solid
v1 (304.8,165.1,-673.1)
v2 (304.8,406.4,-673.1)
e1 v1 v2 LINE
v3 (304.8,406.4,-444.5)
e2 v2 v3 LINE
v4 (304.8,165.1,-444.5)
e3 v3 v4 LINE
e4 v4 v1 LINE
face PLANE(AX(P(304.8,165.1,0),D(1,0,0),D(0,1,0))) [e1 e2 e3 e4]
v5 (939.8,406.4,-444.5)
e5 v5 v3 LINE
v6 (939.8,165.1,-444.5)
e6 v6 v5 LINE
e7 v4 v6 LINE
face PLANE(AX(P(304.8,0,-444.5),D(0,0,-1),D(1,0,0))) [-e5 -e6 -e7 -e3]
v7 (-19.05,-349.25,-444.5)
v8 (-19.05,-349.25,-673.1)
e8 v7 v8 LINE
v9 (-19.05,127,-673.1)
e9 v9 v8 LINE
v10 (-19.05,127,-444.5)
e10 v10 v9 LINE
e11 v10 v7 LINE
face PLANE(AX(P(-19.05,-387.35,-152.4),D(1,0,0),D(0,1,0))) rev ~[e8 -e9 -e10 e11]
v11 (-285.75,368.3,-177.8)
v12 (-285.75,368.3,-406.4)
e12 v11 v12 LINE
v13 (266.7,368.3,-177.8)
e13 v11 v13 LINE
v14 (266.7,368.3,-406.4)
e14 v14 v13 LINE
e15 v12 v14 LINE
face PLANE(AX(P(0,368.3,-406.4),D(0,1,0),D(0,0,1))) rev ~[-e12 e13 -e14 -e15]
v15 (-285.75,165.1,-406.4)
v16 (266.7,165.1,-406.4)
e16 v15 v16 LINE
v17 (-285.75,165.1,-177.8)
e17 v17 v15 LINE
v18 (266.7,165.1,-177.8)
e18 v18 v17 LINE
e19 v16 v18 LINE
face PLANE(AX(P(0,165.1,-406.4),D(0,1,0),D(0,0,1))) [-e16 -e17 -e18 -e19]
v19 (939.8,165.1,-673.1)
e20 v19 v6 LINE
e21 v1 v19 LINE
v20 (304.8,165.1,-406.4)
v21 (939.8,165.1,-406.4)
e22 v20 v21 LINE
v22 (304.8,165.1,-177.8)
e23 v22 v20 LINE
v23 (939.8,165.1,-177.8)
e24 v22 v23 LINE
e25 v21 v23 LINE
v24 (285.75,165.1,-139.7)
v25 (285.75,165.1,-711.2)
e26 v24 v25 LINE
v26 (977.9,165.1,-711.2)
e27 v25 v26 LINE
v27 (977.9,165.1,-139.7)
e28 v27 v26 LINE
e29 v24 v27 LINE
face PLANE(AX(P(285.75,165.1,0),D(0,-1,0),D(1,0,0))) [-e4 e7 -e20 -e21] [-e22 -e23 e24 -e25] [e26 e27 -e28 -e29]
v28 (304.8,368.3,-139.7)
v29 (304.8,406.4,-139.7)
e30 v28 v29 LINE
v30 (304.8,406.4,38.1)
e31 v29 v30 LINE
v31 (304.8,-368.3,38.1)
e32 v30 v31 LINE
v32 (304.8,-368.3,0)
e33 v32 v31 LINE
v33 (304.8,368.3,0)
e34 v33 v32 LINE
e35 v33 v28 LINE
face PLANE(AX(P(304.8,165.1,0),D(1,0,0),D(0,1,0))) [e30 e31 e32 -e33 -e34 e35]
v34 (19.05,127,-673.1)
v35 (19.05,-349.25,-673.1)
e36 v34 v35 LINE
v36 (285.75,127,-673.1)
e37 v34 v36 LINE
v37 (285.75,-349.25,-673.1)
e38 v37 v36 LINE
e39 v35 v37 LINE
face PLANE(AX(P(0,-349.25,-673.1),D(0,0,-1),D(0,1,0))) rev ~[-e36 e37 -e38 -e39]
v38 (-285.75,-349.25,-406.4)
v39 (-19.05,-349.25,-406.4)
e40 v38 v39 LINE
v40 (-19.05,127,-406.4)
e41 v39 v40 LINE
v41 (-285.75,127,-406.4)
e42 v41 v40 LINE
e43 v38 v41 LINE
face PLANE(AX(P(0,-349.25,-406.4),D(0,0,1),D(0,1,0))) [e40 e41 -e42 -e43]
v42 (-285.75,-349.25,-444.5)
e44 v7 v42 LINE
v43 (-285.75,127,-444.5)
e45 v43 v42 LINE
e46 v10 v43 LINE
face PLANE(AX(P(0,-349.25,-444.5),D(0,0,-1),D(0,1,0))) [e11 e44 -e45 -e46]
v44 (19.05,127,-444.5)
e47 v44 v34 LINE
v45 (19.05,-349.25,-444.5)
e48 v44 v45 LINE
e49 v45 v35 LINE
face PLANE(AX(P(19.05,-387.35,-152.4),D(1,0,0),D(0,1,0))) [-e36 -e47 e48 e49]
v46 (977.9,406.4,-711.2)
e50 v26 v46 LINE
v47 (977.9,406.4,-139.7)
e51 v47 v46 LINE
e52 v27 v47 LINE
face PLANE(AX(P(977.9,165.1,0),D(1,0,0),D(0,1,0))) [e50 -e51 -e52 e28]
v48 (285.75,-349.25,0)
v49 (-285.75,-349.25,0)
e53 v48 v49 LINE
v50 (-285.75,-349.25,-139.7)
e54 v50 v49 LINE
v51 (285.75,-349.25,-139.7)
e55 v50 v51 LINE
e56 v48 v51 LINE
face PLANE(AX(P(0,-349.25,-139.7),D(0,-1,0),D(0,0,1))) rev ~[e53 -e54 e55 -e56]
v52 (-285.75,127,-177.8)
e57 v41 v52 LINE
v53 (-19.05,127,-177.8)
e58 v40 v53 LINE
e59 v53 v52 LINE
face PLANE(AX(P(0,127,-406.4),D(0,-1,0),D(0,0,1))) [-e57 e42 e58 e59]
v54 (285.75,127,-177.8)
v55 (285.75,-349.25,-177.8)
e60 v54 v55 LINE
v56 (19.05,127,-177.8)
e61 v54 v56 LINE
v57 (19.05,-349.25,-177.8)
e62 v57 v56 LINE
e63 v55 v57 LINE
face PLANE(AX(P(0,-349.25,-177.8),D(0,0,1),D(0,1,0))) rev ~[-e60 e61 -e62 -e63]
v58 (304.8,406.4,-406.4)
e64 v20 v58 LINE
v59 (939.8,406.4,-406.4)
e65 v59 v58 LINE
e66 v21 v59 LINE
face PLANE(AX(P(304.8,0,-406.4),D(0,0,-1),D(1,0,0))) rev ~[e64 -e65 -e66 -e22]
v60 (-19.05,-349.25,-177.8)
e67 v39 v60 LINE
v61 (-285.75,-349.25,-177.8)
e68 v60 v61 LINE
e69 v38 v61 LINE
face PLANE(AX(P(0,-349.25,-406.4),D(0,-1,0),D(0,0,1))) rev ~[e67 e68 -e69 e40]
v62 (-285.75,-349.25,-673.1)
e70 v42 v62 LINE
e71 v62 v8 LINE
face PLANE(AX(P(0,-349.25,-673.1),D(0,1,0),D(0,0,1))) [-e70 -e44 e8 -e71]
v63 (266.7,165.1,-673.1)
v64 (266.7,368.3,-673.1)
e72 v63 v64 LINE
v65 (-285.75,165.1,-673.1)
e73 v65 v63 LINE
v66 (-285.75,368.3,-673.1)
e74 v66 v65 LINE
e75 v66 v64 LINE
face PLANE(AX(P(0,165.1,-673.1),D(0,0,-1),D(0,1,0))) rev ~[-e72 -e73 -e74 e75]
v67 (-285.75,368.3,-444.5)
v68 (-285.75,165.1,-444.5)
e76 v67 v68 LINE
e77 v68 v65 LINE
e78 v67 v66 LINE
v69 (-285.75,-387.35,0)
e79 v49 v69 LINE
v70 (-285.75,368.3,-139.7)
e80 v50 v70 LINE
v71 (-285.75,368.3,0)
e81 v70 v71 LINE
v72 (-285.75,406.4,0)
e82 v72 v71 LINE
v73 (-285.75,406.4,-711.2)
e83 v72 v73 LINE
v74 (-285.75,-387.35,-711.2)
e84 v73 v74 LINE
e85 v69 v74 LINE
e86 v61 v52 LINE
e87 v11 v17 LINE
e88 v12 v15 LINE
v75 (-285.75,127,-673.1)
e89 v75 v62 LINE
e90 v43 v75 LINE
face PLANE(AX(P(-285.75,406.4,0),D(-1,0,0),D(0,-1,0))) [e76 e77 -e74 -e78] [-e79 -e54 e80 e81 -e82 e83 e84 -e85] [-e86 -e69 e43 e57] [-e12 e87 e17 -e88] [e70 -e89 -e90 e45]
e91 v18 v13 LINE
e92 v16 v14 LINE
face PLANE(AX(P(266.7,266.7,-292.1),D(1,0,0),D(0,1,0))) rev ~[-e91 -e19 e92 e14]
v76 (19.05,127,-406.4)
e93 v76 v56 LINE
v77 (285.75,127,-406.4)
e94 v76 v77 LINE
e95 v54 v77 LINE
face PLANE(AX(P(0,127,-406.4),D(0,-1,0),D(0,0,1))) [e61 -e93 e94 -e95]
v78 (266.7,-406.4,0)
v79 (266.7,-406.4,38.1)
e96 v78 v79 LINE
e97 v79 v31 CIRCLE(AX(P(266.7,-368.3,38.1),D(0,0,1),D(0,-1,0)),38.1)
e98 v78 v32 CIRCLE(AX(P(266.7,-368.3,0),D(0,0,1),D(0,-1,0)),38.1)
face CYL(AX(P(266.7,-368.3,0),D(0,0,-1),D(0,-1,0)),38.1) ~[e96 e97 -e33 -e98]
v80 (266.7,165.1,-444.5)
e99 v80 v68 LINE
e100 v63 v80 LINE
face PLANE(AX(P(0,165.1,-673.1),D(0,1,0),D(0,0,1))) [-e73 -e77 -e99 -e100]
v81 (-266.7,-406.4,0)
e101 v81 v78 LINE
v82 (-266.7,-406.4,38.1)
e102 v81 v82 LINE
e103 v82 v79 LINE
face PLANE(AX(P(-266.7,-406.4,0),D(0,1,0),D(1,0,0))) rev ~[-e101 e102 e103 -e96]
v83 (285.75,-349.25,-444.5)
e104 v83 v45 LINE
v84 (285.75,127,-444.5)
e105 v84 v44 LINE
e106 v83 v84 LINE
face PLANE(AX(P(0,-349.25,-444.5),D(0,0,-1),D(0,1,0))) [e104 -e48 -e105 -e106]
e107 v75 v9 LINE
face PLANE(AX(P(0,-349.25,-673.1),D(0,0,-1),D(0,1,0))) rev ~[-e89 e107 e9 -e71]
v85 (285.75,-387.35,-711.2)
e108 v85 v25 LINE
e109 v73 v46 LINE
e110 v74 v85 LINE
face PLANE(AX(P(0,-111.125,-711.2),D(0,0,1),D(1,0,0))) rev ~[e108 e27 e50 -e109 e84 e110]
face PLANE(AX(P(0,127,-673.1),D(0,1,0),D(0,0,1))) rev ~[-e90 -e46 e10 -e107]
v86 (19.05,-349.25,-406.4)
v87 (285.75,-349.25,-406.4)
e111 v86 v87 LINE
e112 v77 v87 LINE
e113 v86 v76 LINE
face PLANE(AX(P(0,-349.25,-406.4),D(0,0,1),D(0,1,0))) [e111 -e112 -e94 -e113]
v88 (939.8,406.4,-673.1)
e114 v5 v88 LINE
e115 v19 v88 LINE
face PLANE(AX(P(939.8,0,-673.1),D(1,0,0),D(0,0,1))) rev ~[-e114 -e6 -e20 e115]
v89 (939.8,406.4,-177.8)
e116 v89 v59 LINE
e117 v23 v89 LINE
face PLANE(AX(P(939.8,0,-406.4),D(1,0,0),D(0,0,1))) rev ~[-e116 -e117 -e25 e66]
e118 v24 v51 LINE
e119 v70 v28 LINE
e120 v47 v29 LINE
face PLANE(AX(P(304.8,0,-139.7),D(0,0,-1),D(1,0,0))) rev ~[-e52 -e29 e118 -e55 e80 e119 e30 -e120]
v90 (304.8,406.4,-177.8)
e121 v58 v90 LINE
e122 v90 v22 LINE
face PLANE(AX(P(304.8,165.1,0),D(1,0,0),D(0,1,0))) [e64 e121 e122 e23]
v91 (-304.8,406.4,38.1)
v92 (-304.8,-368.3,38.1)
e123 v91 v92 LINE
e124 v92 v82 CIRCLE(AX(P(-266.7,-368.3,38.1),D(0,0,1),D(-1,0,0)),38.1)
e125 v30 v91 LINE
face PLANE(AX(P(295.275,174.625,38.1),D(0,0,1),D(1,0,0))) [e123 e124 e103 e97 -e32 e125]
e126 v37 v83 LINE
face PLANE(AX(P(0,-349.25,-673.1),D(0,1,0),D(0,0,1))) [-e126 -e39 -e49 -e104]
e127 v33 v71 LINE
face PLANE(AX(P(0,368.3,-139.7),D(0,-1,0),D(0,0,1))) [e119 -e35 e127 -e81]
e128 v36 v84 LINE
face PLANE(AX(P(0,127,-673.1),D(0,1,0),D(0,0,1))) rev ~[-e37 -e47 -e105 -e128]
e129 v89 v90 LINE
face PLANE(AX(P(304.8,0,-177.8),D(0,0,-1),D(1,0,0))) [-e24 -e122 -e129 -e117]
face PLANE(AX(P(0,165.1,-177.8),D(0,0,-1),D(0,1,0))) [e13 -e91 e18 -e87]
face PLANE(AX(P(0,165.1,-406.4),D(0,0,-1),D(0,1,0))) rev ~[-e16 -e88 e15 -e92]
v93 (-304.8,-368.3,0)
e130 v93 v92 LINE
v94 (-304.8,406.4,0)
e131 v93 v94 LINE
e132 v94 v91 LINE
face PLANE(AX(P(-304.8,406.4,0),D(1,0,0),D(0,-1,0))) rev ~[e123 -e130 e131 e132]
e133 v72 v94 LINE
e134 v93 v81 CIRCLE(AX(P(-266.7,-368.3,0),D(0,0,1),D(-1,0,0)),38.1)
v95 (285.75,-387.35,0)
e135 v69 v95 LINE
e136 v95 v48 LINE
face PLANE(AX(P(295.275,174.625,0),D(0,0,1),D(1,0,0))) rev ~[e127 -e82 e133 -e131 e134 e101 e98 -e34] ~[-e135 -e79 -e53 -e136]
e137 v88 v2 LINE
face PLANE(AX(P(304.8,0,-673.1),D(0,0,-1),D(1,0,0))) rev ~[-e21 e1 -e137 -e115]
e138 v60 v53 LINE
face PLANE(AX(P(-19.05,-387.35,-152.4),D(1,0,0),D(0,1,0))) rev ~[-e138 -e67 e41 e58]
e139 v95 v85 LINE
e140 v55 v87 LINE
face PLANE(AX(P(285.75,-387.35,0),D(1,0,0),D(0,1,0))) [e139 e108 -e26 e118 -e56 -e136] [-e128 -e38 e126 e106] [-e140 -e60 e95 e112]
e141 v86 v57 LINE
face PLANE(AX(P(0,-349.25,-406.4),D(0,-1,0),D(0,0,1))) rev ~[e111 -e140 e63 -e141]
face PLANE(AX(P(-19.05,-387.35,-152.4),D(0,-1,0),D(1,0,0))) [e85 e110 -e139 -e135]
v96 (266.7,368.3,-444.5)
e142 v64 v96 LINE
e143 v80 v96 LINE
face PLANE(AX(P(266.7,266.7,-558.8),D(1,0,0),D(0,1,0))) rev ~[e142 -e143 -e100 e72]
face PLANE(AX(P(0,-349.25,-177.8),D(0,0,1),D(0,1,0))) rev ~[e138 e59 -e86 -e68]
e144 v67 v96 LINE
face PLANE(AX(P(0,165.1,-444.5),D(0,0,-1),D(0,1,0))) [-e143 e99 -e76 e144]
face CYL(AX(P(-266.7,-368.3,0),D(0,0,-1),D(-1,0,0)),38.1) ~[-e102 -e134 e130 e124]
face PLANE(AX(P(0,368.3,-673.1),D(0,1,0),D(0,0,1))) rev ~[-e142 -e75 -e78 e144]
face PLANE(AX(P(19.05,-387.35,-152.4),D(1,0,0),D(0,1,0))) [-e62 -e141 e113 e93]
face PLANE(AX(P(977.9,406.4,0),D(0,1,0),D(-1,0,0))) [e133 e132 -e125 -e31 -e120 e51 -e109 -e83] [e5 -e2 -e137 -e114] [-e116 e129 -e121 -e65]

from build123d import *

# Parameters (mm, degrees)
F1_DEPTH       = 38.1
F2_DEPTH       = 711.2
F0_W           = 654.05
F0_H           = 222.25
F3_DEPTH       = 711.2
F4_W           = 673.1
F4_H           = 139.7
F4_W_2         = 635
F4_H_2         = 228.6
F5_DEPTH       = 406.401
F0_W_2         = 19.05
F0_H_2         = 19.05
F6_DEPTH       = 38.1
F7_DEPTH       = 711.2
F8_W           = 476.25
F8_H           = 139.7
F8_W_2         = 241.3
F8_H_2         = 228.6
F9_DEPTH       = 406.4
F10_W          = 203.2
F10_H          = 228.6
F11_DEPTH      = 609.6
F11_DEPTH_BACK = 266.7
F13_START      = -152.4
F12_W          = 38.1
F12_H          = 552.45
F13_DEPTH      = 558.8


with BuildPart() as f1:
    # F0 (on Top) → F1 (new body)
    with BuildSketch(Plane.XY):
        Polygon((285.75, 184.15), (304.8, 184.15), (304.8, 406.4), (-285.75, 406.4), (-285.75, -387.35), (285.75, -387.35), (285.75, 165.1), align=None)
        with BuildLine():
            Line((-266.7, -406.4), (266.7, -406.4))
            ThreePointArc((266.7, -406.4), (293.6407683632, -395.2407683632), (304.8, -368.3))
            Line((304.8, -368.3), (304.8, 165.1))
            Line((304.8, 165.1), (285.75, 165.1))
            Line((285.75, 165.1), (285.75, -387.35))
            Line((285.75, -387.35), (-285.75, -387.35))
            Line((-285.75, -387.35), (-285.75, 406.4))
            Line((-285.75, 406.4), (-304.8, 406.4))
            Line((-304.8, 406.4), (-304.8, -368.3))
            ThreePointArc((-304.8, -368.3), (-293.6407683632, -395.2407683632), (-266.7, -406.4))
        make_face()
    extrude(amount=F1_DEPTH)



with BuildPart() as f2:
    # F0 (on Top) → F2 (new body)
    with BuildSketch(Plane.XY):
        Polygon((285.75, 184.15), (304.8, 184.15), (304.8, 406.4), (-285.75, 406.4), (-285.75, -387.35), (285.75, -387.35), (285.75, 165.1), align=None)
    extrude(amount=-F2_DEPTH)


with BuildPart() as f3:
    # F0 (on Top) → F3 (new body)
    with BuildSketch(Plane.XY):
        with Locations((631.825, 295.275)):
            Rectangle(F0_W, F0_H)
        Polygon((304.8, 184.15), (304.8, 165.1), (305.019557476, 165.1), (977.9, 165.1), (977.9, 406.4), (958.85, 406.4), (958.85, 184.15), align=None)
    extrude(amount=-F3_DEPTH)

    # F4 (on Front) → F5 (cut, through all)
    with BuildSketch(Plane.XZ):
        with Locations((641.35, -69.85)):
            Rectangle(F4_W, F4_H)
        with Locations((622.3, -292.1)):
            Rectangle(F4_W_2, F4_H_2)
        with Locations((622.3, -558.8)):
            Rectangle(F4_W_2, F4_H_2)
    extrude(amount=-F5_DEPTH, mode=Mode.SUBTRACT)


with BuildPart() as f1_1:
    add(f1.part)

    add(f2.part)  # F6 merges F2
    # F0 (on Top) → F6 (join)
    with BuildSketch(Plane.XY):
        with Locations((295.275, 174.625)):
            Rectangle(F0_W_2, F0_H_2)
    extrude(amount=F6_DEPTH)


    add(f3.part)  # F7 merges F3
    # F0 (on Top) → F7 (join)
    with BuildSketch(Plane.XY):
        with Locations((295.275, 174.625)):
            Rectangle(F0_W_2, F0_H_2)
    extrude(amount=-F7_DEPTH)

    # F8 (on Right) → F9 (cut, symmetric)
    with BuildSketch(Plane.YZ):
        with Locations((-111.125, -69.85)):
            Rectangle(F8_W, F8_H)
        with Locations((247.65, -69.85)):
            Rectangle(F8_W_2, F8_H)
        with Locations((-111.125, -292.1)):
            Rectangle(F8_W, F8_H_2)
        with Locations((-111.125, -558.8)):
            Rectangle(F8_W, F8_H_2)
    extrude(amount=F9_DEPTH, both=True, mode=Mode.SUBTRACT)

    # F10 (on Right) → F11 (cut, two sides)
    with BuildSketch(Plane.YZ) as f11_sk:
        with Locations((266.7, -292.1)):
            Rectangle(F10_W, F10_H)
        with Locations((266.7, -558.8)):
            Rectangle(F10_W, F10_H)
    extrude(amount=-F11_DEPTH, mode=Mode.SUBTRACT)
    extrude(f11_sk.sketch, amount=F11_DEPTH_BACK, mode=Mode.SUBTRACT)

    # F12 (on Top) → F13 (join)
    with BuildSketch(Plane.XY.offset(F13_START)):
        with Locations((0, -111.125)):
            Rectangle(F12_W, F12_H)
    extrude(amount=-F13_DEPTH)


solid = f1_1.part
